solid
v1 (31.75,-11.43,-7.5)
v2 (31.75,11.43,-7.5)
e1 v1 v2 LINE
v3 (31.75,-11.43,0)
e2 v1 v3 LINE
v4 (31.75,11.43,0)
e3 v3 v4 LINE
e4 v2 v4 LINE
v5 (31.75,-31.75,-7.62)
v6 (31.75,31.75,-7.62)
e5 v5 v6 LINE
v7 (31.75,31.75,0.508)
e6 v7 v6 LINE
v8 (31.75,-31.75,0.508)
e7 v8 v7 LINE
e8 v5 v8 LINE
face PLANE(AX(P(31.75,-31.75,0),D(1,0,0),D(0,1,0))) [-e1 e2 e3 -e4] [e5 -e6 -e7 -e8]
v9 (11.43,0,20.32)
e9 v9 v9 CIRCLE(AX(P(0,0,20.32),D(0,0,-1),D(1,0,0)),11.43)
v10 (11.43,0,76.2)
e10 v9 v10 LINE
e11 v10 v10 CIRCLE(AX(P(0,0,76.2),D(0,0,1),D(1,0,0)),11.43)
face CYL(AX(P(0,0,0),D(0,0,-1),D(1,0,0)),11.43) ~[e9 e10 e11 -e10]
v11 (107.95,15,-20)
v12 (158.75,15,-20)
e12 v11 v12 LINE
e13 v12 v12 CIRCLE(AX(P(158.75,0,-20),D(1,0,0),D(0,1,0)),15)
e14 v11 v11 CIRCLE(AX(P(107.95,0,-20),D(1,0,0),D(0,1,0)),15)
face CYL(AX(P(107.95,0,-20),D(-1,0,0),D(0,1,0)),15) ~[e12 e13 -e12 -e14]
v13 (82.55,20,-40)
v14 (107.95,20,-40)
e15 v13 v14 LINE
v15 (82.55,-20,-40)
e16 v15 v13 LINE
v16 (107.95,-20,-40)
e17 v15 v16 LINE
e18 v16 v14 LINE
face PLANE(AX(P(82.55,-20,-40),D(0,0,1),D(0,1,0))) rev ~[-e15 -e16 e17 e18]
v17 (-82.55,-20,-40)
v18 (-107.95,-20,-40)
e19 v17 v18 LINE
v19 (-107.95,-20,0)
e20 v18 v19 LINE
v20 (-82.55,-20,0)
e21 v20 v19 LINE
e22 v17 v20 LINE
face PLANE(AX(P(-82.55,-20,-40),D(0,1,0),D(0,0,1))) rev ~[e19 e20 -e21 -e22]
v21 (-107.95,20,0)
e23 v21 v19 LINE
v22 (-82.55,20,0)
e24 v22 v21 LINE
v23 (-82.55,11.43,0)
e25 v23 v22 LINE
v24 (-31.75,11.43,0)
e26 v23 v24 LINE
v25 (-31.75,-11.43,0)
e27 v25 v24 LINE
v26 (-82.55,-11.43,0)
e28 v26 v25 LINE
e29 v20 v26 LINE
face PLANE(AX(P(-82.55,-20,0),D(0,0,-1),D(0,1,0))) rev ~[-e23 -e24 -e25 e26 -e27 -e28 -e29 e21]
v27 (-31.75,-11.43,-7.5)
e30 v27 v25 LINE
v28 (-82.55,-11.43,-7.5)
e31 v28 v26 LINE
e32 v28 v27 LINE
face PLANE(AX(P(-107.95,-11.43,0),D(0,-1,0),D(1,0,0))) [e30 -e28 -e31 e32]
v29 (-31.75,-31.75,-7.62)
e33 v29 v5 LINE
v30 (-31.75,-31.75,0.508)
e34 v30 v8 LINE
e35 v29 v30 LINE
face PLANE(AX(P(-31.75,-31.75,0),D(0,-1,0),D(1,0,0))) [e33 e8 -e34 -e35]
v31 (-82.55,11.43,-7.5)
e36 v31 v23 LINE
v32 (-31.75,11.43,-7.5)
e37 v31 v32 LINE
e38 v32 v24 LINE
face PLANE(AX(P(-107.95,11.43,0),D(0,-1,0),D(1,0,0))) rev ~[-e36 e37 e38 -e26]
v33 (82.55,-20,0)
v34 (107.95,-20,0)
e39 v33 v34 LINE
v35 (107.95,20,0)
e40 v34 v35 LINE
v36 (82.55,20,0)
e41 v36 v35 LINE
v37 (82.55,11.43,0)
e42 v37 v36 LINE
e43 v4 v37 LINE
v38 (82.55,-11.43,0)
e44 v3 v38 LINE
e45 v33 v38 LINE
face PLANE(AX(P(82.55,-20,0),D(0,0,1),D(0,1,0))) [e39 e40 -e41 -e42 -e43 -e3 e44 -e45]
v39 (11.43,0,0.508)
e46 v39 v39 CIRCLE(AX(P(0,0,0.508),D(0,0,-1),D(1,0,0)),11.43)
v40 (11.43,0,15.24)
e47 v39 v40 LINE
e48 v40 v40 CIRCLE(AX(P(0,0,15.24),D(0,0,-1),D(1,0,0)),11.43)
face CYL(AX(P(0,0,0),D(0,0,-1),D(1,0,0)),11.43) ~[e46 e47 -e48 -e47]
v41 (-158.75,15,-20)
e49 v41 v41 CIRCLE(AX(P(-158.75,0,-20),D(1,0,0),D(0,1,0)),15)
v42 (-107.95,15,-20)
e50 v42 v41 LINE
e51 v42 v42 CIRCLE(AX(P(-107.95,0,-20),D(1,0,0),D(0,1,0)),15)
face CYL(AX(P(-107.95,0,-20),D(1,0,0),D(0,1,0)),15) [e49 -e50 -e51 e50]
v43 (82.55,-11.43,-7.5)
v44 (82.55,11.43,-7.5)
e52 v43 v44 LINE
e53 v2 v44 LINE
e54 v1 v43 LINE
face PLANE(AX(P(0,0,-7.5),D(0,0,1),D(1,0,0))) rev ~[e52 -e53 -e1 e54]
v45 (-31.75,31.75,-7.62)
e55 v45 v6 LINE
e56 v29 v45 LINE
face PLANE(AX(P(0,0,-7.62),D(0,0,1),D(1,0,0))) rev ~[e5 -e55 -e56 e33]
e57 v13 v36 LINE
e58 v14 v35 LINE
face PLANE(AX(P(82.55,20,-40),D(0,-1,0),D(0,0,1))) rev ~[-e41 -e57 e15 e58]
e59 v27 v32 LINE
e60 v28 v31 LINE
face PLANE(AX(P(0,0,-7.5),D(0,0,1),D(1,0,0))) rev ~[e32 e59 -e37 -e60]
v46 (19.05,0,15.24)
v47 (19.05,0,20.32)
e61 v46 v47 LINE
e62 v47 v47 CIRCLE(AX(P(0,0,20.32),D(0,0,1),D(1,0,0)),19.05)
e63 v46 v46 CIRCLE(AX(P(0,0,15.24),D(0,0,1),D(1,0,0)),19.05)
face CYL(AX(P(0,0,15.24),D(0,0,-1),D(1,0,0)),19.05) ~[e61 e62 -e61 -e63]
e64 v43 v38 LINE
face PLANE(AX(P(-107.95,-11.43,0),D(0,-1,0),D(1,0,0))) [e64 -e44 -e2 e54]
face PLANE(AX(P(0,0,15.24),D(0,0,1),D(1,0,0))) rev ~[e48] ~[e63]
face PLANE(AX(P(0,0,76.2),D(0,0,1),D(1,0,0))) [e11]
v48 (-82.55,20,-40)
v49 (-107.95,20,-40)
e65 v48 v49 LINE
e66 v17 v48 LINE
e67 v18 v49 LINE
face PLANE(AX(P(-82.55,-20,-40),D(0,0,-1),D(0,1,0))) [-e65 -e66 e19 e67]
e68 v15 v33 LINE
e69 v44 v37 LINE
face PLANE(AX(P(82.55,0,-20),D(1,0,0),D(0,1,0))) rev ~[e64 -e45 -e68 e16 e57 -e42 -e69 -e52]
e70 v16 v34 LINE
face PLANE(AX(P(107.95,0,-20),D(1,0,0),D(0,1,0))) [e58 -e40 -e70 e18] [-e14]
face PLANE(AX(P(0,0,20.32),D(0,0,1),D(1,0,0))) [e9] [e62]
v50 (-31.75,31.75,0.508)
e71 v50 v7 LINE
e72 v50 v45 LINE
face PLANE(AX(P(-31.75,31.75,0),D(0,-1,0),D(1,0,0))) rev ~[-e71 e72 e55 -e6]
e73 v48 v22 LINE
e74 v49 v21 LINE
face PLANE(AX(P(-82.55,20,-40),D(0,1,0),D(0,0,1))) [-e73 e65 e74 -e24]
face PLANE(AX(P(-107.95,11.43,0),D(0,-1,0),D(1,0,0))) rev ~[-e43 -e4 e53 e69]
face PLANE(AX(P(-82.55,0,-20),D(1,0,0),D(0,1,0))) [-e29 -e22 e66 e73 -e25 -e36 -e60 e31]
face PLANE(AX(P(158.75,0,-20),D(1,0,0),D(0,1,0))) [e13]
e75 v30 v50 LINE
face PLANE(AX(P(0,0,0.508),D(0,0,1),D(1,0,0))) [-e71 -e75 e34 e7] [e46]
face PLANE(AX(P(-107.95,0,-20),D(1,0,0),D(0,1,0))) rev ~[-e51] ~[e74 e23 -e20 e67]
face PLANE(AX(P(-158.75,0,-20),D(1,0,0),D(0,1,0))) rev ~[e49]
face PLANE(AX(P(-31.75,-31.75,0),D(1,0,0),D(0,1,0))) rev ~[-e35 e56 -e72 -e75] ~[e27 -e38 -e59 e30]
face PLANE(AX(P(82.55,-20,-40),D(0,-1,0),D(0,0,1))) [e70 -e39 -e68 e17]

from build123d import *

# Parameters (mm, degrees)
F0_R          = 11.43
F1_DEPTH      = 76.2
F3_START      = 15.24
F2_R          = 19.05
F3_DEPTH      = 5.08
F4_W          = 215.9
F4_H          = 22.86
F4_R          = 5.08
F5_DEPTH      = 7.5
F2_W          = 63.5
F2_H          = 63.5
F2_R_2        = 22.225
F6_DEPTH      = 0.508
F6_DEPTH_BACK = 7.62
F8_START      = 82.55
F7_W          = 40
F7_H          = 40
F7_R          = 15
F8_DEPTH      = 25.4
F9_START      = 107.95
F9_DEPTH      = 50.8
F10_START     = -82.55
F10_DEPTH     = 25.4
F11_START     = -107.95
F11_DEPTH     = 50.8


with BuildPart() as f1:
    # F0 (on Top) → F1 (new body)
    with BuildSketch(Plane.XY):
        Circle(F0_R)
    extrude(amount=F1_DEPTH)

    # F2 (on Top) → F3 (join)
    with BuildSketch(Plane.XY.offset(F3_START)):
        Circle(F2_R)
    extrude(amount=F3_DEPTH)

    # F4 (on Top) → F5 (join)
    with BuildSketch(Plane.XY):
        Rectangle(F4_W, F4_H)
        with Locations((-97.79, 0)):
            Circle(F4_R, mode=Mode.SUBTRACT)
        with Locations((97.79, 0)):
            Circle(F4_R, mode=Mode.SUBTRACT)
    extrude(amount=-F5_DEPTH)

    # F2 (on Top) → F6 (join, two sides)
    with BuildSketch(Plane.XY) as f6_sk:
        Rectangle(F2_W, F2_H)
        Circle(F2_R_2, mode=Mode.SUBTRACT)
        Circle(F2_R_2)
        Circle(F2_R, mode=Mode.SUBTRACT)
        Circle(F2_R)
    extrude(amount=F6_DEPTH)
    extrude(f6_sk.sketch, amount=-F6_DEPTH_BACK)

    # F7 (on Right) → F8 (join)
    with BuildSketch(Plane.YZ.offset(F8_START)):
        with Locations((0, -20)):
            Rectangle(F7_W, F7_H)
        with Locations((0, -20)):
            Circle(F7_R, mode=Mode.SUBTRACT)
        with Locations((0, -20)):
            Circle(F7_R)
    extrude(amount=F8_DEPTH)

    # F7 (on Right) → F9 (join)
    with BuildSketch(Plane.YZ.offset(F9_START)):
        with Locations((0, -20)):
            Circle(F7_R)
    extrude(amount=F9_DEPTH)

    # F7 (on Right) → F10 (join)
    with BuildSketch(Plane.YZ.offset(F10_START)):
        with Locations((0, -20)):
            Rectangle(F7_W, F7_H)
        with Locations((0, -20)):
            Circle(F7_R, mode=Mode.SUBTRACT)
        with Locations((0, -20)):
            Circle(F7_R)
    extrude(amount=-F10_DEPTH)

    # F7 (on Right) → F11 (join)
    with BuildSketch(Plane.YZ.offset(F11_START)):
        with Locations((0, -20)):
            Circle(F7_R)
    extrude(amount=-F11_DEPTH)


solid = f1.part
